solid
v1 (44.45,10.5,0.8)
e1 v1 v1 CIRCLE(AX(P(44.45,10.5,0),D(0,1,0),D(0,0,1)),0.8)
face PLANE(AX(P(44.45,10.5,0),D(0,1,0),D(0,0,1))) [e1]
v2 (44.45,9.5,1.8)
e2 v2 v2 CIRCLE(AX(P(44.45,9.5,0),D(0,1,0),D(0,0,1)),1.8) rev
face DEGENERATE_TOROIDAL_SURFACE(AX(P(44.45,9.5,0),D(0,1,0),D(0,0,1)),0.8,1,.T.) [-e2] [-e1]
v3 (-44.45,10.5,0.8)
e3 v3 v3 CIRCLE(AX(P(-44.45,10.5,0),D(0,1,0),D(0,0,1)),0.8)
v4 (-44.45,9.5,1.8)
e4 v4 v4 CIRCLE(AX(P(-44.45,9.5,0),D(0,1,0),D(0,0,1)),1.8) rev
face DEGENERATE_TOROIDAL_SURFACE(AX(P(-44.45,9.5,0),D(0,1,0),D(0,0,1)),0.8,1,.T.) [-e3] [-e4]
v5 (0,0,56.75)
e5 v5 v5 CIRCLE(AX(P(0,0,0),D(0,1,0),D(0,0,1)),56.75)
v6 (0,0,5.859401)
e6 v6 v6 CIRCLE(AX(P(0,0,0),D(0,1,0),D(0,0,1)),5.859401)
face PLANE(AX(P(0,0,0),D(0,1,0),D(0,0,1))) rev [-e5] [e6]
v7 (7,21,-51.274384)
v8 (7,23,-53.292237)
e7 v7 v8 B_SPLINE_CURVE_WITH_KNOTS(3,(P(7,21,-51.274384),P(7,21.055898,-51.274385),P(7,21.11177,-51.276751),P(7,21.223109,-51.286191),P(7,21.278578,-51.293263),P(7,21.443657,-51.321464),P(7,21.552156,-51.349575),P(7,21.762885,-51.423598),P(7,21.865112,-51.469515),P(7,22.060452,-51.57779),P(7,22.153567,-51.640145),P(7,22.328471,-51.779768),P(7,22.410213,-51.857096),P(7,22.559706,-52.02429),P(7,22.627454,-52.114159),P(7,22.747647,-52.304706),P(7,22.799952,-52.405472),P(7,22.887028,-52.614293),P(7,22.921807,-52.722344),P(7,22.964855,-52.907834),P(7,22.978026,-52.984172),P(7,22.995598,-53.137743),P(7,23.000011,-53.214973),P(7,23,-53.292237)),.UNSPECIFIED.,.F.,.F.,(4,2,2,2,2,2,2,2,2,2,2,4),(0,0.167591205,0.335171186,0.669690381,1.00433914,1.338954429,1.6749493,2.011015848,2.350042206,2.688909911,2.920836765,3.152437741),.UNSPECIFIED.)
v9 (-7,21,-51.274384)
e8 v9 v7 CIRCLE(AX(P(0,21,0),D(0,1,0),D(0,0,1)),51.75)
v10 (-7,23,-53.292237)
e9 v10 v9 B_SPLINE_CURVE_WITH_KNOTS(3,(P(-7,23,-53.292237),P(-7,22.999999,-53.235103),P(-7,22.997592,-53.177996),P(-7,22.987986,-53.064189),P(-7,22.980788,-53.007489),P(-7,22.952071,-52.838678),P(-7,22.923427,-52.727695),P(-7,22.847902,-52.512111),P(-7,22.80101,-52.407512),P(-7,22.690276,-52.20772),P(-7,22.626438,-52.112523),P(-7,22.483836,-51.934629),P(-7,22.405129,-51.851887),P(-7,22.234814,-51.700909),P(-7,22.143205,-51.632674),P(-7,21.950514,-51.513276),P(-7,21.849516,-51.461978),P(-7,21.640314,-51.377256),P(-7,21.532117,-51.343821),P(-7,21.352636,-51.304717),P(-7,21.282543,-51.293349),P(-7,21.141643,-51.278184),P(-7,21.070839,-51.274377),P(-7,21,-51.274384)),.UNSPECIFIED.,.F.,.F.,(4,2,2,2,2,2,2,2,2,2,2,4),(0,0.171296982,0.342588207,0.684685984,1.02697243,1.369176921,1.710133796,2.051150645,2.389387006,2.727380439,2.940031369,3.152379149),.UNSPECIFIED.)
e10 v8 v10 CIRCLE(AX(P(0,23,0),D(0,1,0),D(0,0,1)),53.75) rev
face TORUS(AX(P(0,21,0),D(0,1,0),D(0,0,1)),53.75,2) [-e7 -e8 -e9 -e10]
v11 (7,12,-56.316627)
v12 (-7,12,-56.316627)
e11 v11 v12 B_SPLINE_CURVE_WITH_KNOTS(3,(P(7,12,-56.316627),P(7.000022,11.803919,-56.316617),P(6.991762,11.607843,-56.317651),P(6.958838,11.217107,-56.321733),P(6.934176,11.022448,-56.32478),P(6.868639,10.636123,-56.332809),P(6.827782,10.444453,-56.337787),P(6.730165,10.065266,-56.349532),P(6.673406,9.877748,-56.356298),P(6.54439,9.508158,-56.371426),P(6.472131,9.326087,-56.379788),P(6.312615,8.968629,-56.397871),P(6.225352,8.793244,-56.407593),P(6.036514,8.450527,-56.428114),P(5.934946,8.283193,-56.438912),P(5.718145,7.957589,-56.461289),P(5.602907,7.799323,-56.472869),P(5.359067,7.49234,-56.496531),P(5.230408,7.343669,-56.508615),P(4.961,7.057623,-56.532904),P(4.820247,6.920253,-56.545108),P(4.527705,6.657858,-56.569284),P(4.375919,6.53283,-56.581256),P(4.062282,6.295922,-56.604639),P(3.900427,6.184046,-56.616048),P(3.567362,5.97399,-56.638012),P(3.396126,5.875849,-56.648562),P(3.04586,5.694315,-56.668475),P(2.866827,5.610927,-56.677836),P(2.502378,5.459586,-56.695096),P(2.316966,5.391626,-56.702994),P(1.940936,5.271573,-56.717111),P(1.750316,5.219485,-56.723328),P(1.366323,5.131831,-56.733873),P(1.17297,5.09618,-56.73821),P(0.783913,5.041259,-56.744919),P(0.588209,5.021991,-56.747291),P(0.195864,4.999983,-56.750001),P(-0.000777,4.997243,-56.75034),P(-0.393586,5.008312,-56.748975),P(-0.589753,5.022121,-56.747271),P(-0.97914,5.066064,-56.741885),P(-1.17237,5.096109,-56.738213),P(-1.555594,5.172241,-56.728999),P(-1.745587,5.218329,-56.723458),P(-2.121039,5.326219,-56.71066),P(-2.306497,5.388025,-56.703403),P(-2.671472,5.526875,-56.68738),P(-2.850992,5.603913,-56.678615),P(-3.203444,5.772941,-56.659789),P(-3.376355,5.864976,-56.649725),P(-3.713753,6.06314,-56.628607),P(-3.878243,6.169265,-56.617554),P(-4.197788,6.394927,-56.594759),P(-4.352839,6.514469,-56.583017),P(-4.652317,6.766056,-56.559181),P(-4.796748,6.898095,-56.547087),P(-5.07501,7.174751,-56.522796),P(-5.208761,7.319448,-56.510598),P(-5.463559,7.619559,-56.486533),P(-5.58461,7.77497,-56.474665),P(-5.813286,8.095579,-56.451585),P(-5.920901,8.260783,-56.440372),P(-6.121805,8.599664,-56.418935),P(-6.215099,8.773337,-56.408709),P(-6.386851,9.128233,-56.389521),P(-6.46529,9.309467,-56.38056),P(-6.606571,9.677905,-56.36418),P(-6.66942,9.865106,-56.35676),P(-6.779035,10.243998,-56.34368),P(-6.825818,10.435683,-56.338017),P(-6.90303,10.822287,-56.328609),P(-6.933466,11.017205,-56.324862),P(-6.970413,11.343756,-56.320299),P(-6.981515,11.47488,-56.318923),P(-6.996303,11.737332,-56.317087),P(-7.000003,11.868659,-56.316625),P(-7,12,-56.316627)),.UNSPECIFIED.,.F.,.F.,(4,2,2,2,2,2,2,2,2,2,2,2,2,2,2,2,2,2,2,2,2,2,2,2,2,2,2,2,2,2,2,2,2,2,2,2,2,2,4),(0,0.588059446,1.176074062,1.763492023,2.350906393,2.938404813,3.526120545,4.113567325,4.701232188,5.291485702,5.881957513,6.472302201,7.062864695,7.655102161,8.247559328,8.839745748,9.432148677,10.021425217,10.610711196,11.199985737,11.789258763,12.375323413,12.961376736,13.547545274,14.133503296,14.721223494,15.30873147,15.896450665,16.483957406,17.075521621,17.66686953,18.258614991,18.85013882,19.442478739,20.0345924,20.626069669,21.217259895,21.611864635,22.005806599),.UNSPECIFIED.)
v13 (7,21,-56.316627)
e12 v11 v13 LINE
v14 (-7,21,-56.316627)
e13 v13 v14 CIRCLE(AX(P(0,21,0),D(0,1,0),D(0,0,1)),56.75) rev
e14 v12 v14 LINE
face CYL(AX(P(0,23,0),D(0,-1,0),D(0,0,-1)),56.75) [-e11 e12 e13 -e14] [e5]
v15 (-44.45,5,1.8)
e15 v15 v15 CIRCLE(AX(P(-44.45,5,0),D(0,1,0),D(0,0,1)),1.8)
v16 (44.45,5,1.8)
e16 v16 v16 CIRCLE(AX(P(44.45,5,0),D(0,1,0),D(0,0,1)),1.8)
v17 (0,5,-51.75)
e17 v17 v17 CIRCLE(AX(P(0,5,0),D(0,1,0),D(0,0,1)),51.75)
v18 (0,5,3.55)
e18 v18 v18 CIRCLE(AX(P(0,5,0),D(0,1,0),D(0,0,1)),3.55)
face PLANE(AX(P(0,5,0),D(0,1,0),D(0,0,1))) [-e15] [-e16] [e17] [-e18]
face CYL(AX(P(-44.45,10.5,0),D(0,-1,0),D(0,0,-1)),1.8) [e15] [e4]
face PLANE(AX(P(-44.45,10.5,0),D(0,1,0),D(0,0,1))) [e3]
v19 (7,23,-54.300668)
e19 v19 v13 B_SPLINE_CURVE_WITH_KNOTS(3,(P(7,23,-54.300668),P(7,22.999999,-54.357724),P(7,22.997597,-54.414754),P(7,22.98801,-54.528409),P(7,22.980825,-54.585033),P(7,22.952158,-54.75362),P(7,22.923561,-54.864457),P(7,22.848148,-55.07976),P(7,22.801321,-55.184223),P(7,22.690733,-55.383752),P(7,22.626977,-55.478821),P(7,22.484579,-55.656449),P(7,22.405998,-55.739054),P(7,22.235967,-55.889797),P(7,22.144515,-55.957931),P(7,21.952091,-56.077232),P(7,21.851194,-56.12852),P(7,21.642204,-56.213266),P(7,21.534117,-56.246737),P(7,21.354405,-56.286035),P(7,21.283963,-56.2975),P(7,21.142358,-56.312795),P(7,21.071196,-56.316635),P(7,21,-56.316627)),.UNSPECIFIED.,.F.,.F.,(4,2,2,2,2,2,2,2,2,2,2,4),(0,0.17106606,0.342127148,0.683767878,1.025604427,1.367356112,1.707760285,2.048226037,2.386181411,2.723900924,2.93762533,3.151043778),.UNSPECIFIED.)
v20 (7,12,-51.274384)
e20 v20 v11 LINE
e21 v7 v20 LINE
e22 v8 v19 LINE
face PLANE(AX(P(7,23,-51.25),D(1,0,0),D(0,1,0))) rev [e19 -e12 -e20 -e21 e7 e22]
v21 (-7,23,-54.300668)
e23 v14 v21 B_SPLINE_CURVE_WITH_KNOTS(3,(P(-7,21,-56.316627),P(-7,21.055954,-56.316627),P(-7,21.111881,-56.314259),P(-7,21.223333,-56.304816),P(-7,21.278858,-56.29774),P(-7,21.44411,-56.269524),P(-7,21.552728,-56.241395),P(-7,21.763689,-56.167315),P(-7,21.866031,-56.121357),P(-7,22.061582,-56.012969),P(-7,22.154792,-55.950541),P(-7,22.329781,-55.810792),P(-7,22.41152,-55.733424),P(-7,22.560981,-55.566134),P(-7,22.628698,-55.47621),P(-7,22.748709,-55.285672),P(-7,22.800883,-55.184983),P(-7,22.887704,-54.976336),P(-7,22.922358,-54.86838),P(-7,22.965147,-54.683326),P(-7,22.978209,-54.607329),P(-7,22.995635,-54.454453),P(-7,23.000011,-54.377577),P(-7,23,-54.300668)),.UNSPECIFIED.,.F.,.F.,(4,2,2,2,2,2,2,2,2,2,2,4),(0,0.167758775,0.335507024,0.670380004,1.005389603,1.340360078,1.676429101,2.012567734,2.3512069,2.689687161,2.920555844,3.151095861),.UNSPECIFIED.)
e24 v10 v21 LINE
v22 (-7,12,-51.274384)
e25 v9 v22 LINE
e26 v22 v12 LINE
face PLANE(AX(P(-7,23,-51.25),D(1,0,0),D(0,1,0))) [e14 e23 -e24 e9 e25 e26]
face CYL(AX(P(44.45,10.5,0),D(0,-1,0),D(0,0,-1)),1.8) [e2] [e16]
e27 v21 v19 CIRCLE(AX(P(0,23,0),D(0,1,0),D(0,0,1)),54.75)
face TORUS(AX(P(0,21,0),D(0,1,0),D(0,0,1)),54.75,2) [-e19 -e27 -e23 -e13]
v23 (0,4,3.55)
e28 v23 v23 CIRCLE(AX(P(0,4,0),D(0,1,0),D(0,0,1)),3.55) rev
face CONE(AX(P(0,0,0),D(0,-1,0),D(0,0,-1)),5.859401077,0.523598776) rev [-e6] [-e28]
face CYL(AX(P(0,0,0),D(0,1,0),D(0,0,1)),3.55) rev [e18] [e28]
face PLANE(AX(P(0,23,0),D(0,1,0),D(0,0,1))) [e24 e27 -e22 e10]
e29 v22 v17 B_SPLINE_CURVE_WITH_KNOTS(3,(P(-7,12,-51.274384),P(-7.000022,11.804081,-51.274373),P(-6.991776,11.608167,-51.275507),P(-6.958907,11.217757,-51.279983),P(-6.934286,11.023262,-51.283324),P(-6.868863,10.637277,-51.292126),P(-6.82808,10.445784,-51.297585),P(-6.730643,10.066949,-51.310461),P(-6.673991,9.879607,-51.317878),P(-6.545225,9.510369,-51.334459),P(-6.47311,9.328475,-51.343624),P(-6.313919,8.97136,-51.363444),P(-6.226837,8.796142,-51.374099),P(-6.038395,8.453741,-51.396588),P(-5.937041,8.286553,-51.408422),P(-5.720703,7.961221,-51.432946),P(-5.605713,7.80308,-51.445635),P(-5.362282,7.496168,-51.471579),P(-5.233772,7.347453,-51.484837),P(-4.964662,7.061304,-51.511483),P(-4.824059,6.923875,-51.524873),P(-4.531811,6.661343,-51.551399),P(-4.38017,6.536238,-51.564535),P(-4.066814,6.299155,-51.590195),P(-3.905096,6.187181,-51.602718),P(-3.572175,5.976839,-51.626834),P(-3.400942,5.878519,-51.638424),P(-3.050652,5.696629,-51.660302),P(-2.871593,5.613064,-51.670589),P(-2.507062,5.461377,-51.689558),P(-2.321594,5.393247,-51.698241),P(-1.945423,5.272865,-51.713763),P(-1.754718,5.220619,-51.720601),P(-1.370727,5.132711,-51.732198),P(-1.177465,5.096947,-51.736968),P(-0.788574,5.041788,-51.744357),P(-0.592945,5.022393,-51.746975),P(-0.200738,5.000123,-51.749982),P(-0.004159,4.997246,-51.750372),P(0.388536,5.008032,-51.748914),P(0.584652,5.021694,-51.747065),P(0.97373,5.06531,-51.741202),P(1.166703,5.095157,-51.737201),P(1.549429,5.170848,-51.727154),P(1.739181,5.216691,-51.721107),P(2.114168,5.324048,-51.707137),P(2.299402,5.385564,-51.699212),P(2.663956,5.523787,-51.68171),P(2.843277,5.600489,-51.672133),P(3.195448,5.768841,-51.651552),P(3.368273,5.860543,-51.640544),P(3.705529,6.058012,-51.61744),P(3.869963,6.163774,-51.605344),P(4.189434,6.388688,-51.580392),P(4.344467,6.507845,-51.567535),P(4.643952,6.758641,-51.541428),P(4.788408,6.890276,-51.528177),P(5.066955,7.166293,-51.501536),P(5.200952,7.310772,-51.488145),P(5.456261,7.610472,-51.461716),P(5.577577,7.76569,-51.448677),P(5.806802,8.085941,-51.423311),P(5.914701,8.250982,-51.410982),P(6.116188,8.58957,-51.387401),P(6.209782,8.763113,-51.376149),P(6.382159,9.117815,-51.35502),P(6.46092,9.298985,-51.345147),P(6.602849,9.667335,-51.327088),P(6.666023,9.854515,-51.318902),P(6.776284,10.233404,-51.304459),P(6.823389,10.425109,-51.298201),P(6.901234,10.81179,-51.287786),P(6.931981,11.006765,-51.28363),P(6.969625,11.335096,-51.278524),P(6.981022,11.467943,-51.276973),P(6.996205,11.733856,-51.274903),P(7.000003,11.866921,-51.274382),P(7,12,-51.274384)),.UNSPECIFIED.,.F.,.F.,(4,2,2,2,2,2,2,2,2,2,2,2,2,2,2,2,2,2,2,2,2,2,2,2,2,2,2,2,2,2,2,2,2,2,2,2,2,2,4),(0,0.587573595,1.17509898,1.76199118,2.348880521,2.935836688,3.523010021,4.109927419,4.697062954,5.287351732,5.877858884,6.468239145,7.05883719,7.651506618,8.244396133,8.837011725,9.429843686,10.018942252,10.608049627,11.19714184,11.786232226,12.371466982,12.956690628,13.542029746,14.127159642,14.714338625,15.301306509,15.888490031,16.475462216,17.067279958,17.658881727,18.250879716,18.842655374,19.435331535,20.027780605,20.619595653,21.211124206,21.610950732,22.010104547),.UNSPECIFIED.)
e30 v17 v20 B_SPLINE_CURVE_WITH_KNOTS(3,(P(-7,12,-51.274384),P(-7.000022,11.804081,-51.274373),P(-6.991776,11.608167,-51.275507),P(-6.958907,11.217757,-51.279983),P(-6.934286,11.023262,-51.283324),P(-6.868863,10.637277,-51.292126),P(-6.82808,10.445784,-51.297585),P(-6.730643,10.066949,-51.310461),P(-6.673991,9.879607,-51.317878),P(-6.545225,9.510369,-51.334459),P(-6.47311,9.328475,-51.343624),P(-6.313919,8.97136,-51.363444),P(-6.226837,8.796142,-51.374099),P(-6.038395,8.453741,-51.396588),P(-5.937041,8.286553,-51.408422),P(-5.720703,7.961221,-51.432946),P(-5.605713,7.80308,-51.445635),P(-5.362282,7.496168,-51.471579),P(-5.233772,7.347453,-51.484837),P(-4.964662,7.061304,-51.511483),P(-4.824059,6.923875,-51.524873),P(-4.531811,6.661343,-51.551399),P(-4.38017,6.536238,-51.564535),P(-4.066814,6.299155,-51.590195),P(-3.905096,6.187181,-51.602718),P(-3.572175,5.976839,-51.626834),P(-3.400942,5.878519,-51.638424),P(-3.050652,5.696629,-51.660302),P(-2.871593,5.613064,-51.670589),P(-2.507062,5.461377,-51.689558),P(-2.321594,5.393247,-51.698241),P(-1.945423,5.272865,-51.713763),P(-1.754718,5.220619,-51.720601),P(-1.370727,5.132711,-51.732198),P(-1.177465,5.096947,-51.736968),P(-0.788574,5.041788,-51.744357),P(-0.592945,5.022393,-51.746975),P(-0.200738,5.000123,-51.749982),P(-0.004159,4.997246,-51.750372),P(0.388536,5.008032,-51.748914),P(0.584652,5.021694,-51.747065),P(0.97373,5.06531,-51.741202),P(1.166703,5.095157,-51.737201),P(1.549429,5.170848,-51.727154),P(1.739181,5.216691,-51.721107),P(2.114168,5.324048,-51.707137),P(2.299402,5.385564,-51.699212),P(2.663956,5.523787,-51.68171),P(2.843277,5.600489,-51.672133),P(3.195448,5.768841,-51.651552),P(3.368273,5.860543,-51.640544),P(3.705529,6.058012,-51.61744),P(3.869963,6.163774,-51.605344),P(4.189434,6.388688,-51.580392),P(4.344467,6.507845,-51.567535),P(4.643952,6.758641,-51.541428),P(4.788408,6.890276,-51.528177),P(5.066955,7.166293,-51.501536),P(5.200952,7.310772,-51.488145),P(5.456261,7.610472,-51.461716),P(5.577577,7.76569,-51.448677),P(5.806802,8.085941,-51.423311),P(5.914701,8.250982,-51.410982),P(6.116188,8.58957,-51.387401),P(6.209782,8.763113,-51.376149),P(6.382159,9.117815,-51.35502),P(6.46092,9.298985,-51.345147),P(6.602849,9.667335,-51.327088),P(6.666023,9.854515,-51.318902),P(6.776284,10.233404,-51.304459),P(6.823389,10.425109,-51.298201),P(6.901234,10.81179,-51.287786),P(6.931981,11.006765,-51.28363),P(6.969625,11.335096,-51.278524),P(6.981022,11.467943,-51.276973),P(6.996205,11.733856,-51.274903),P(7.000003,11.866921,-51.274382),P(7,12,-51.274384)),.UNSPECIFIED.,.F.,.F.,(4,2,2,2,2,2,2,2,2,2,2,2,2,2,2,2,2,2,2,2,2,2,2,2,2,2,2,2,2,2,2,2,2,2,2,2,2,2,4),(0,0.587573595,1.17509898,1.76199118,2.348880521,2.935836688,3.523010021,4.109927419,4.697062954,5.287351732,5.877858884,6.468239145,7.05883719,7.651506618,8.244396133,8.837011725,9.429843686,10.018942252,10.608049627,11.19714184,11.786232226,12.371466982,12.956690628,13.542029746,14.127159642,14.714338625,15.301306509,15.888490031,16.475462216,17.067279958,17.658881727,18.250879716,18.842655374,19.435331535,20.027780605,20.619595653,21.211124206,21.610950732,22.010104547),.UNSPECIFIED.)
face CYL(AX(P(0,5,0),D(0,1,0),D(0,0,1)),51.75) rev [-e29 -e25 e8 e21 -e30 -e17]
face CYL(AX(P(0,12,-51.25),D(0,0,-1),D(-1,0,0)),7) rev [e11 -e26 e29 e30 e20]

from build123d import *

# Parameters (mm, degrees)
SKETCH1_R               = 56.75
BOSS_EXTRUDE3_DEPTH     = 23
SKETCH10_R              = 51.75
CUT_EXTRUDE3_DEPTH      = 18
SKETCH12_R              = 3.55
CUT_EXTRUDE4_DEPTH      = 83.250379938
SKETCH17_R              = 1.8
BOSS_EXTRUDE4_DEPTH     = 5.5
SKETCH18_R              = 1.8
BOSS_EXTRUDE5_DEPTH     = 5.5
FILLET5_R               = 1
FILLET6_R               = 1
CUT_EXTRUDE5_DEPTH      = 3
CUT_EXTRUDE5_DEPTH_BACK = 3
FILLET7_R               = 2
FILLET8_R               = 2
CHAMFER1_SIZE           = 4
CHAMFER1_SIZE2          = 2.309401077


with BuildPart() as part:
    # Sketch1 → Boss-Extrude3 (new body)
    with BuildSketch(Plane(origin=(0, 0, 0), x_dir=(1, 0, 0), z_dir=(0, 1, 0))):
        Circle(SKETCH1_R)
    extrude(amount=BOSS_EXTRUDE3_DEPTH)

    # Sketch10 → Cut-Extrude3 (cut)
    with BuildSketch(Plane(origin=(0, 23, 0), x_dir=(1, 0, 0), z_dir=(0, 1, 0))):
        Circle(SKETCH10_R)
    extrude(amount=-CUT_EXTRUDE3_DEPTH, mode=Mode.SUBTRACT)

    # Sketch12 → Cut-Extrude4 (cut, through all)
    with BuildSketch(Plane(origin=(0, 5, 0), x_dir=(1, 0, 0), z_dir=(0, 1, 0))):
        Circle(SKETCH12_R)
    extrude(amount=-CUT_EXTRUDE4_DEPTH, mode=Mode.SUBTRACT)

    # Sketch17 → Boss-Extrude4 (add)
    with BuildSketch(Plane(origin=(0, 5, 0), x_dir=(1, 0, 0), z_dir=(0, 1, 0))):
        with Locations((-44.45, 0)):
            Circle(SKETCH17_R)
    extrude(amount=BOSS_EXTRUDE4_DEPTH)

    # Sketch18 → Boss-Extrude5 (add)
    with BuildSketch(Plane(origin=(0, 5, 0), x_dir=(1, 0, 0), z_dir=(0, 1, 0))):
        with Locations((44.45, 0)):
            Circle(SKETCH18_R)
    extrude(amount=BOSS_EXTRUDE5_DEPTH)

    # Fillet5
    fillet5_edges = [part.edges().sort_by_distance(p)[0] for p in [
        (-46.25, 10.5, 0),
    ]]
    fillet(fillet5_edges, radius=FILLET5_R)

    # Fillet6
    fillet6_edges = [part.edges().sort_by_distance(p)[0] for p in [
        (42.65, 10.5, 0),
    ]]
    fillet(fillet6_edges, radius=FILLET6_R)

    # Sketch27 → Cut-Extrude5 (cut, two sides: drawn at the far end of the back side and taken through both)
    with BuildSketch(Plane.XY.offset(-54.25).offset(-CUT_EXTRUDE5_DEPTH_BACK)):
        with BuildLine():
            Line((7, 23), (7, 12))
            ThreePointArc((7, 12), (0, 5), (-7, 12))
            Line((-7, 12), (-7, 23))
            ThreePointArc((-7, 23), (0, 30), (7, 23))
        make_face()
    extrude(amount=CUT_EXTRUDE5_DEPTH + CUT_EXTRUDE5_DEPTH_BACK, mode=Mode.SUBTRACT)

    # Fillet7
    fillet7_edges = [part.edges().sort_by_distance(p)[0] for p in [
        (-34.028021541, 23, 38.989181192),
    ]]
    fillet(fillet7_edges, radius=FILLET7_R)

    # Fillet8
    fillet8_edges = [part.edges().sort_by_distance(p)[0] for p in [
        (-37.572014186, 23, 42.531238519),
    ]]
    fillet(fillet8_edges, radius=FILLET8_R)

    # Chamfer1
    chamfer1_edges = [part.edges().sort_by_distance(p)[0] for p in [
        (-3.55, 0, 0),
    ]]
    chamfer1_side = [part.faces().sort_by_distance(p)[0] for p in [
        (-3.55, 2.5, 0),
    ]]
    chamfer(chamfer1_edges, length=CHAMFER1_SIZE, length2=CHAMFER1_SIZE2, reference=chamfer1_side[0])


solid = part.part
